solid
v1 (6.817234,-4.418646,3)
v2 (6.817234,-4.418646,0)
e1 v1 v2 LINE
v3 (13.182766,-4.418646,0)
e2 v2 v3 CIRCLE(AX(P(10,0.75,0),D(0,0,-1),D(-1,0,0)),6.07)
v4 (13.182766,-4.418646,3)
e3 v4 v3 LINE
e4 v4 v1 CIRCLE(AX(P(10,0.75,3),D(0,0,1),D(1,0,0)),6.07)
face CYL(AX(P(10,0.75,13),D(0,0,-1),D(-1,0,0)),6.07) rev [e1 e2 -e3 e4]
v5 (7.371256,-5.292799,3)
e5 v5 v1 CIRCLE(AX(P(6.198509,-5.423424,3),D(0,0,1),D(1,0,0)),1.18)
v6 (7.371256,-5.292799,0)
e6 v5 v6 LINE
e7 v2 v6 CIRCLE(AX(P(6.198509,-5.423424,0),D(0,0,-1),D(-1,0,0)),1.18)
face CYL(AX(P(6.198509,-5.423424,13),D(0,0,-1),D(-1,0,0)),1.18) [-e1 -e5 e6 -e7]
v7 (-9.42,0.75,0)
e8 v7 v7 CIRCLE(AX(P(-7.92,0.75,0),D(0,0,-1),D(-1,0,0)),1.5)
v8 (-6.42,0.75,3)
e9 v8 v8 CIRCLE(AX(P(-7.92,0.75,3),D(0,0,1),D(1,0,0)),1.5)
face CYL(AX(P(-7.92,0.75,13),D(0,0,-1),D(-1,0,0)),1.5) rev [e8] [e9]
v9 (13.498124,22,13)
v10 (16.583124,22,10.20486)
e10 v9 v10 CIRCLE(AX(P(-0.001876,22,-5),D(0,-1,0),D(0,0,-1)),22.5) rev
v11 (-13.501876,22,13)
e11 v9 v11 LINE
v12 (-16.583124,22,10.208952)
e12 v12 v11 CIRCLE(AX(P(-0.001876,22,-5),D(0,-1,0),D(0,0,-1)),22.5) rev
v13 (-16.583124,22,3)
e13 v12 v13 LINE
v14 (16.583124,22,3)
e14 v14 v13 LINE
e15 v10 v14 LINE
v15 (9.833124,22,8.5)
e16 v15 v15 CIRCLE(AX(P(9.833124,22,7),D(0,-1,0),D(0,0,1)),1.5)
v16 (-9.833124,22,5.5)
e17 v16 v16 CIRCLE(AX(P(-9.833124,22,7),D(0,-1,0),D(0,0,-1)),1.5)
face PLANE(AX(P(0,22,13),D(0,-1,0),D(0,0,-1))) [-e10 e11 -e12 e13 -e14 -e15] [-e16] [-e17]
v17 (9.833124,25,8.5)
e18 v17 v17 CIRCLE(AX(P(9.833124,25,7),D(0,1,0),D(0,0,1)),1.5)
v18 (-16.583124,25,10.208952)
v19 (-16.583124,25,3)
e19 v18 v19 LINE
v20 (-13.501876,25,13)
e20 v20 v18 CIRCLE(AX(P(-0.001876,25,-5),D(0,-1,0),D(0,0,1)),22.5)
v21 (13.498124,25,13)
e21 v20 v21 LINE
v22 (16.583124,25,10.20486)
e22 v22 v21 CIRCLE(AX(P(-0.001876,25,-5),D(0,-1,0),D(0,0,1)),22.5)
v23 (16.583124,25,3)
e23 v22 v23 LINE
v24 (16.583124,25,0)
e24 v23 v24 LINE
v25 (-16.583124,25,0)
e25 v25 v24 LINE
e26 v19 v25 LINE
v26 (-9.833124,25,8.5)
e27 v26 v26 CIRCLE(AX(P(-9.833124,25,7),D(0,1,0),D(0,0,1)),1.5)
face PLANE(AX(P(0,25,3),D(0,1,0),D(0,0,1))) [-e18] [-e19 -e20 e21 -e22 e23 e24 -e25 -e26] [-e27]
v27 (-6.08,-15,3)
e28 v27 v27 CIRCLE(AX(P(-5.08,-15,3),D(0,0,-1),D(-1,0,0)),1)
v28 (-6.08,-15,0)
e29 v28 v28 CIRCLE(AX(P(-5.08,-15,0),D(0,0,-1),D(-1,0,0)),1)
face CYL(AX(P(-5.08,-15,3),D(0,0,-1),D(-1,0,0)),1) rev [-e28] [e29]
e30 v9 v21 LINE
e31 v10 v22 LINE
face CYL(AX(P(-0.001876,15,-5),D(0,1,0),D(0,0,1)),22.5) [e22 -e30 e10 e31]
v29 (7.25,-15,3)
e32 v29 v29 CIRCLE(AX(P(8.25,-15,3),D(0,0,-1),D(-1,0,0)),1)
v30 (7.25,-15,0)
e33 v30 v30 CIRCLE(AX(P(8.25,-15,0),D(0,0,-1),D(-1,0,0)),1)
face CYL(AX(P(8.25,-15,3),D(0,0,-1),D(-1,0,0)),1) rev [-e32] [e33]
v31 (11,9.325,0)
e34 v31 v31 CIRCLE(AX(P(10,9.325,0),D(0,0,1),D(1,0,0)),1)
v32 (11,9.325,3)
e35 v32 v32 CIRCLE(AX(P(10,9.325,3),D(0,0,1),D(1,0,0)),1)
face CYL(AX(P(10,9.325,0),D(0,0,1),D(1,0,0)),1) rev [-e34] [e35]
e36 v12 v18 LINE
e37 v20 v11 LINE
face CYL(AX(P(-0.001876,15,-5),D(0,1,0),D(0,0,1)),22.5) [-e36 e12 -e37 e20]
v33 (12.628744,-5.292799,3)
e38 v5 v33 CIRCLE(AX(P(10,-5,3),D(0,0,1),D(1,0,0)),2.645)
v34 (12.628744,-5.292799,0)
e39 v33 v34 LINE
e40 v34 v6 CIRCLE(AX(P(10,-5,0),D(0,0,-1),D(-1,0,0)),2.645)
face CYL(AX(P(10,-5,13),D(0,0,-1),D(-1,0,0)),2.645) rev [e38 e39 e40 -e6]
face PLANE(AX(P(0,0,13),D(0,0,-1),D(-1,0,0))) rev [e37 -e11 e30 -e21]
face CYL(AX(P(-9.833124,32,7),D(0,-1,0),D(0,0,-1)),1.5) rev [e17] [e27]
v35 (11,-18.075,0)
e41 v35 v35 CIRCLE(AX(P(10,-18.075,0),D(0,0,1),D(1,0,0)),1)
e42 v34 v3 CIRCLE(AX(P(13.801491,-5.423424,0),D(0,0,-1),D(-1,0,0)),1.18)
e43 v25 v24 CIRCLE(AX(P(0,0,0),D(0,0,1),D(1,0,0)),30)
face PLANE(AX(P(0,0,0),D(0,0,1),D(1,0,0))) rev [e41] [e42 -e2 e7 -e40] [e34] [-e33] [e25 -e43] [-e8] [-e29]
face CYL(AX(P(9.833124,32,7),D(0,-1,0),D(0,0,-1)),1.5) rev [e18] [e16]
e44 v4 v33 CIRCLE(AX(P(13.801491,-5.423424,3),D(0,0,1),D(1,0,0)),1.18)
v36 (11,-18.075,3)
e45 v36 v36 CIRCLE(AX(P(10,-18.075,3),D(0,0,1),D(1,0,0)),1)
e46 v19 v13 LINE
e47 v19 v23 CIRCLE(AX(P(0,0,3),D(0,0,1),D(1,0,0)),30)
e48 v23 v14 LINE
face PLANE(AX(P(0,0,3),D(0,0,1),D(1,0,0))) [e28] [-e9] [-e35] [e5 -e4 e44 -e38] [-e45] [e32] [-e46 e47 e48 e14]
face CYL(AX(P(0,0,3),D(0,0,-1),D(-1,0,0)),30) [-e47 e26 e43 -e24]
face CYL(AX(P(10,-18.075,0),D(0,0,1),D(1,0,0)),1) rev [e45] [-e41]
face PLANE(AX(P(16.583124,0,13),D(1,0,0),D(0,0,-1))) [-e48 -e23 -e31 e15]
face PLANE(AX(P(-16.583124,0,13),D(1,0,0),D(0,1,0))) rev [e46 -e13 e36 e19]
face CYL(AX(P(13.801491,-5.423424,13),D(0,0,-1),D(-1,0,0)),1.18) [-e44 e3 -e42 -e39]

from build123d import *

# Parameters (mm, degrees)
BOSS_EXTRU_1_DEPTH      = 3
BOSS_EXTRU_2_START      = -3
ESQUISSE2_W             = 33.166247904
ESQUISSE2_H             = 3
BOSS_EXTRU_2_DEPTH      = 10
ENL_V_MAT_EXTRU_1_DEPTH = 10
ESQUISSE4_R             = 1.5
ENL_V_MAT_EXTRU_2_DEPTH = 10
ESQUISSE5_R             = 1
ENL_V_MAT_EXTRU_3_DEPTH = 44.588989435
ENL_V_MAT_EXTRU_4_DEPTH = 45.373415465
ESQUISSE7_R             = 1.5
ENL_V_MAT_EXTRU_5_DEPTH = 45.373415465
ESQUISSE8_R             = 1
ENL_V_MAT_EXTRU_6_DEPTH = 3


with BuildPart() as part:
    # Esquisse1 → Boss.-Extru.1 (new body)
    with BuildSketch(Plane.XY):
        with BuildLine():
            Line((16.583123952, 25), (-16.583123952, 25))
            ThreePointArc((-16.583123952, 25), (-14.186371655, -26.433820369), (30, 0))
            ThreePointArc((30, 0), (26.433820369, 14.186371655), (16.583123952, 25))
        make_face()
    extrude(amount=BOSS_EXTRU_1_DEPTH)

    # Esquisse2 → Boss.-Extru.2 (add)
    with BuildSketch(Plane(origin=(0, 0, 0), x_dir=(-1, 0, 0), z_dir=(0, 0, -1)).offset(BOSS_EXTRU_2_START)):
        with Locations((0, 23.5)):
            Rectangle(ESQUISSE2_W, ESQUISSE2_H)
    extrude(amount=-BOSS_EXTRU_2_DEPTH)

    # Esquisse3 → Enlèv. mat.-Extru.1 (cut)
    with BuildSketch(Plane(origin=(0, 25, 0), x_dir=(1, 0, 0), z_dir=(0, 1, 0))):
        with BuildLine():
            Line((13.498123952, -13), (16.583123952, -13))
            Line((16.583123952, -13), (16.583123952, -10.204860243))
            ThreePointArc((16.583123952, -10.204860243), (15.105407222, -11.673931516), (13.498123952, -13))
        make_face()
        with BuildLine():
            Line((-16.583123952, -10.208951902), (-16.583123952, -13))
            Line((-16.583123952, -13), (-13.501876048, -13))
            ThreePointArc((-13.501876048, -13), (-15.107102171, -11.675795147), (-16.583123952, -10.208951902))
        make_face()
    extrude(amount=-ENL_V_MAT_EXTRU_1_DEPTH, mode=Mode.SUBTRACT)

    # Esquisse4 → Enlèv. mat.-Extru.2 (cut)
    with BuildSketch(Plane.XZ.offset(-22)):
        with Locations(Location((-9.833123952, 7, 0), (0, 0, 270))):
            Circle(ESQUISSE4_R)
        with Locations(Location((9.833123952, 7, 0), (0, 0, 90))):
            Circle(ESQUISSE4_R)
    extrude(amount=-ENL_V_MAT_EXTRU_2_DEPTH, mode=Mode.SUBTRACT)

    # Esquisse5 → Enlèv. mat.-Extru.3 (cut, through all)
    with BuildSketch(Plane.XY.offset(3)):
        with Locations((10, -18.075)):
            Circle(ESQUISSE5_R)
        with Locations((10, 9.325)):
            Circle(ESQUISSE5_R)
    extrude(amount=-ENL_V_MAT_EXTRU_3_DEPTH, mode=Mode.SUBTRACT)

    # Esquisse6 → Enlèv. mat.-Extru.4 (cut, through all)
    with BuildSketch(Plane(origin=(0, 0, 0), x_dir=(-1, 0, 0), z_dir=(0, 0, -1))):
        with BuildLine():
            ThreePointArc((-12.628743756, -5.29279902), (-12.804806967, -4.79174357), (-13.182765939, -4.418645952))
            ThreePointArc((-13.182765939, -4.418645952), (-10, 6.82), (-6.817234061, -4.418645952))
            ThreePointArc((-6.817234061, -4.418645952), (-7.195193033, -4.79174357), (-7.371256244, -5.29279902))
            ThreePointArc((-7.371256244, -5.29279902), (-10, -7.645), (-12.628743756, -5.29279902))
        make_face()
    extrude(amount=-ENL_V_MAT_EXTRU_4_DEPTH, mode=Mode.SUBTRACT)

    # Esquisse7 → Enlèv. mat.-Extru.5 (cut, through all)
    with BuildSketch(Plane(origin=(0, 0, 0), x_dir=(-1, 0, 0), z_dir=(0, 0, -1))):
        with Locations((7.92, 0.75)):
            Circle(ESQUISSE7_R)
    extrude(amount=-ENL_V_MAT_EXTRU_5_DEPTH, mode=Mode.SUBTRACT)

    # Esquisse8 → Enlèv. mat.-Extru.6 (cut)
    with BuildSketch(Plane(origin=(0, 0, 0), x_dir=(-1, 0, 0), z_dir=(0, 0, -1))):
        with Locations((-8.25, -15)):
            Circle(ESQUISSE8_R)
        with Locations((5.08, -15)):
            Circle(ESQUISSE8_R)
    extrude(amount=-ENL_V_MAT_EXTRU_6_DEPTH, mode=Mode.SUBTRACT)


solid = part.part
